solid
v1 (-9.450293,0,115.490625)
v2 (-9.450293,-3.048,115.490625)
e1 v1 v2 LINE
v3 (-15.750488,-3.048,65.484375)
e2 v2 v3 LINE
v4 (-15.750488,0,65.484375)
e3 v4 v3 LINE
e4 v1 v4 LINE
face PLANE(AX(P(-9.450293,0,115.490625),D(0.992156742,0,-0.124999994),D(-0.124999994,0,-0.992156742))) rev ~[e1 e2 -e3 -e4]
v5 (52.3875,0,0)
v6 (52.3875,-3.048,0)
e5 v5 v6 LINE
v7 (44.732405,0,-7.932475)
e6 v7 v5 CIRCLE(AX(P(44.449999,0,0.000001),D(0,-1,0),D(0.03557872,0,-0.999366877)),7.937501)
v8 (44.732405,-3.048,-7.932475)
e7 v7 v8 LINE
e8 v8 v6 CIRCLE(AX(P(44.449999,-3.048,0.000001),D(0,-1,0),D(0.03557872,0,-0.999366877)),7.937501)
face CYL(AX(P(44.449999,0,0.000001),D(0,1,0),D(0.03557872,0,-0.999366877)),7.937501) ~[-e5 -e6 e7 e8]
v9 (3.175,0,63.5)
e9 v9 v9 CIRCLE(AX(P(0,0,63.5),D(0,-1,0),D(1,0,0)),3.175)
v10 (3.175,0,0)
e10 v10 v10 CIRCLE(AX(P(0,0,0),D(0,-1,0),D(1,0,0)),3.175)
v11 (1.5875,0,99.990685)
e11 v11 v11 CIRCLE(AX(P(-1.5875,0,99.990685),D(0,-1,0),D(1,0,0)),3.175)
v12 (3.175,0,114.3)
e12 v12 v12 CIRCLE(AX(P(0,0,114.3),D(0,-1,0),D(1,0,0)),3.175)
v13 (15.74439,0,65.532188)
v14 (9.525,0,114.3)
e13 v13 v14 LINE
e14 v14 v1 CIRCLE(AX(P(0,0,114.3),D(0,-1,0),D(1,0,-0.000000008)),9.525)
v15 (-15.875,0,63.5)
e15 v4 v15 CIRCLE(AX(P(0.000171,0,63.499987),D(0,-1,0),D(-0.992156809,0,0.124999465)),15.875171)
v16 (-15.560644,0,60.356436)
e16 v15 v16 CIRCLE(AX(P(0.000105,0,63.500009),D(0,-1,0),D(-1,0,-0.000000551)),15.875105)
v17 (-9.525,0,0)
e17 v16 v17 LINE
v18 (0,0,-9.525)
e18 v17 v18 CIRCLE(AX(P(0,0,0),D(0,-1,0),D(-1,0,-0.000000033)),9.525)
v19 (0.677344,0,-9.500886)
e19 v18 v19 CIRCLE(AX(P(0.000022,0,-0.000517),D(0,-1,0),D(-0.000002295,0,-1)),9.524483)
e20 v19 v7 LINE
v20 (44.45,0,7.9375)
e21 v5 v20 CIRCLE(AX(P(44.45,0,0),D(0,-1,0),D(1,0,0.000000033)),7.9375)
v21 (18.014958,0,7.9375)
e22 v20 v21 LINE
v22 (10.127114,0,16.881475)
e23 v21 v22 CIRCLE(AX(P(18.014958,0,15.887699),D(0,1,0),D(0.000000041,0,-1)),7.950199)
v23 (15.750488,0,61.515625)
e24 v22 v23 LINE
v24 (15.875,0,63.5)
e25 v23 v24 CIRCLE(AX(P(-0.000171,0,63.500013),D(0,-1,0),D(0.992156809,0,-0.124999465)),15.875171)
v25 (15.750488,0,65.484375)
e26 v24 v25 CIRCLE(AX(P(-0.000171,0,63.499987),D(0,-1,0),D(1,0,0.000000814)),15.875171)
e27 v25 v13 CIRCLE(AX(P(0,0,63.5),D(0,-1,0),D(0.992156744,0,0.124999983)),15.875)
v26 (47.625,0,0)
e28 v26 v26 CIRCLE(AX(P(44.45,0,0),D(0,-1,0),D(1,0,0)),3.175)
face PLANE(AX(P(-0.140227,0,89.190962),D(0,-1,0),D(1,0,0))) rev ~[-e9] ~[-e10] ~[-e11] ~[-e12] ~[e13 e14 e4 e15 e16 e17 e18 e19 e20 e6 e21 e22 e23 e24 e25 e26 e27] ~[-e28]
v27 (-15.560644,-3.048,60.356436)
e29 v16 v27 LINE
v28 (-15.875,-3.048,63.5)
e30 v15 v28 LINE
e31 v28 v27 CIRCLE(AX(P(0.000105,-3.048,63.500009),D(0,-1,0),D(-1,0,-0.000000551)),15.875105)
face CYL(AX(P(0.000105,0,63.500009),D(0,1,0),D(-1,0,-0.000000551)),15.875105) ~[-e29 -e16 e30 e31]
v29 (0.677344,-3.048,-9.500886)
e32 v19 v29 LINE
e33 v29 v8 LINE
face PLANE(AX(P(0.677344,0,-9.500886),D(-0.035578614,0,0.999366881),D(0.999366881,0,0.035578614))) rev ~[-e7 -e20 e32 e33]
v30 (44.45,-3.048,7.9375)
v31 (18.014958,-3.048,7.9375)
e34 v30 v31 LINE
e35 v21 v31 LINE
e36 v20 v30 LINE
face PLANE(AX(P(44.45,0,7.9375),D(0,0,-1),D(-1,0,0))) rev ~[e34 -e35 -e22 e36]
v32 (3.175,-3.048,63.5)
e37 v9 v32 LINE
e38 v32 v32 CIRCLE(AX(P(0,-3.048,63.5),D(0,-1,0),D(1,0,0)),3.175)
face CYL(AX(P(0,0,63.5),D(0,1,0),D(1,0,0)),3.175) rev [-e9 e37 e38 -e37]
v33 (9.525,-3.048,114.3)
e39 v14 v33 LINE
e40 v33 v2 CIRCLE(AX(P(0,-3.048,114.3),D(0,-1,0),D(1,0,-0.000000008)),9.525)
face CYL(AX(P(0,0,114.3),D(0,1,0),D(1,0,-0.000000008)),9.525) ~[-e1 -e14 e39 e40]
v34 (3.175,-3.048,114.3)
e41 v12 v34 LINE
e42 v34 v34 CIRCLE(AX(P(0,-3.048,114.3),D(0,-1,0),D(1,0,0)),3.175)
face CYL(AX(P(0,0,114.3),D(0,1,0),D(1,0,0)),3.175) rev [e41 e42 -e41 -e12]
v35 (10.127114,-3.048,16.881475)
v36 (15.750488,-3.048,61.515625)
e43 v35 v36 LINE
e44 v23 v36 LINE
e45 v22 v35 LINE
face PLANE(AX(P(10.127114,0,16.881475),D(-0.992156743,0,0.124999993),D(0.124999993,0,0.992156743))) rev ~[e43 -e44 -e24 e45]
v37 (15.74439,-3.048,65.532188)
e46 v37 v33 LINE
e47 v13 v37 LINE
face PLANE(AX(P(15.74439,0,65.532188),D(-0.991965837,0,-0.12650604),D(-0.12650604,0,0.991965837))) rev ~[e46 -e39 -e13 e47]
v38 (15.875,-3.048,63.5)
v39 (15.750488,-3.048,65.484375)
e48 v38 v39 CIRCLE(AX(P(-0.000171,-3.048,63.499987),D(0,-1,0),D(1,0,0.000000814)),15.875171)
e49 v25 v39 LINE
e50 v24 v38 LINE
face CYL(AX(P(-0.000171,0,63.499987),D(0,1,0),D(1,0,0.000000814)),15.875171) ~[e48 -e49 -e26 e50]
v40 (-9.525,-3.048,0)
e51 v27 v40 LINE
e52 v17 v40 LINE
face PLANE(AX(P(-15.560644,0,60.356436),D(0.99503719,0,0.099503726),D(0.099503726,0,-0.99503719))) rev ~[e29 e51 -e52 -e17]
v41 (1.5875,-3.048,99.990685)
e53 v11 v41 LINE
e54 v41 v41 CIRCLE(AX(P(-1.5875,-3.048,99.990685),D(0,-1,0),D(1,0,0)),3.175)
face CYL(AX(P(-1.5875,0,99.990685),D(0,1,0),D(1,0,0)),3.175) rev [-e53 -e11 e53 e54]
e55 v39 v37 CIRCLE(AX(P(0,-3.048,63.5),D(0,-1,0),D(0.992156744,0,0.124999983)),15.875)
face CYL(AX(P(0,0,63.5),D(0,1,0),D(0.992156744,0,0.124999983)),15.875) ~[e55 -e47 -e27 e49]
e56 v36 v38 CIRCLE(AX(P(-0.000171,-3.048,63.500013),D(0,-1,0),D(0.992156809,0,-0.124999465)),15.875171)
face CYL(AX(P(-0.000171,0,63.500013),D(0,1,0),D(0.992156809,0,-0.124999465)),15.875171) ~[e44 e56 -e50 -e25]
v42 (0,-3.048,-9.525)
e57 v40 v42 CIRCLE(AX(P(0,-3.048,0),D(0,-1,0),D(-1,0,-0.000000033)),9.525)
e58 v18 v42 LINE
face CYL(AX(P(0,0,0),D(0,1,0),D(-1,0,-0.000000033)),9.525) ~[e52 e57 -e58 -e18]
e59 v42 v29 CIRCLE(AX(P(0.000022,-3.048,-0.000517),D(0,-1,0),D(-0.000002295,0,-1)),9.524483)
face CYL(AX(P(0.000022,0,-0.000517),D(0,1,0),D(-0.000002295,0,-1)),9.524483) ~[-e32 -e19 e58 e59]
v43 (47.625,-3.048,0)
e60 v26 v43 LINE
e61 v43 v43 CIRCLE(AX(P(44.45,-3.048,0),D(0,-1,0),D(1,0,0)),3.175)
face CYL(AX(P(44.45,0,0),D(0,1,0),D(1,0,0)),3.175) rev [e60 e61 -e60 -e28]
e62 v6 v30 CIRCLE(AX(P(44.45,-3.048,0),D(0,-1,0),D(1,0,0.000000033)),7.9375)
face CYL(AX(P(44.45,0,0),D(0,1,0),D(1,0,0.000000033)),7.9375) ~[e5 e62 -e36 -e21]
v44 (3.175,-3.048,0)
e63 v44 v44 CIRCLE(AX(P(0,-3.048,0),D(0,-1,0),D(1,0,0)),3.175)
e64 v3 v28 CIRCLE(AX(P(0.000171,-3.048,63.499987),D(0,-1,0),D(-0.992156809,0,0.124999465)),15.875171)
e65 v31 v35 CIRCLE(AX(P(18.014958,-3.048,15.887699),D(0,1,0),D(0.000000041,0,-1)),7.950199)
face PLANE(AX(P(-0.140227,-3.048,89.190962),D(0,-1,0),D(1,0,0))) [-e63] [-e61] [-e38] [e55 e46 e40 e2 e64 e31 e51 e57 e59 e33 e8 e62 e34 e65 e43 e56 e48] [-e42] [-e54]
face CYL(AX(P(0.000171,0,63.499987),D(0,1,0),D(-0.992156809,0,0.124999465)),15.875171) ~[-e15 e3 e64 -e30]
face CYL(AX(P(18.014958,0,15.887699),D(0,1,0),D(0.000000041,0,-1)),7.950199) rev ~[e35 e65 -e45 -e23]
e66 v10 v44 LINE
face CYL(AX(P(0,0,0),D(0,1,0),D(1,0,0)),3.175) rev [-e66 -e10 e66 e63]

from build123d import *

# Parameters (mm, degrees)
F0_R     = 3.175
F1_DEPTH = 3.048


with BuildPart() as f1:
    # F0 (on Front) → F1 (new body)
    with BuildSketch(Plane.XZ):
        with BuildLine():
            ThreePointArc((-15.750488, 65.484375), (0, 79.375), (15.750488, 65.484375))
            Line((15.750488, 65.484375), (9.525, 114.3))
            ThreePointArc((9.525, 114.3), (-0.596483, 104.793695), (-9.450293, 115.490625))
            Line((-9.450293, 115.490625), (-15.750488, 65.484375))
        make_face()
        with Locations((-1.5875, 99.990685)):
            Circle(F0_R, mode=Mode.SUBTRACT)
        with BuildLine():
            ThreePointArc((15.750488, 61.515625), (15.843841, 62.505861), (15.875, 63.5))
            ThreePointArc((15.875, 63.5), (15.843841, 64.494139), (15.750488, 65.484375))
            ThreePointArc((15.750488, 65.484375), (0, 79.375), (-15.750488, 65.484375))
            ThreePointArc((-15.750488, 65.484375), (-15.843841, 64.494139), (-15.875, 63.5))
            Line((-15.875, 63.5), (-15.560644, 60.356436))
            ThreePointArc((-15.560644, 60.356436), (0.587316, 47.635868), (15.750488, 61.515625))
        make_face()
        with Locations((0, 63.5)):
            Circle(F0_R, mode=Mode.SUBTRACT)
        with BuildLine():
            Line((10.127114, 16.881475), (15.750488, 61.515625))
            ThreePointArc((15.750488, 61.515625), (0.587316, 47.635868), (-15.560644, 60.356436))
            Line((-15.560644, 60.356436), (-9.525, 0))
            ThreePointArc((-9.525, 0), (0, 9.525), (9.525, 0))
            ThreePointArc((9.525, 0), (6.970557, -6.491299), (0.677344, -9.500886))
            Line((0.677344, -9.500886), (44.732405, -7.932475))
            ThreePointArc((44.732405, -7.932475), (36.513756, -0.141225), (44.45, 7.9375))
            Line((44.45, 7.9375), (18.014958, 7.9375))
            ThreePointArc((18.014958, 7.9375), (12.052308, 10.629137), (10.127114, 16.881475))
        make_face()
        with BuildLine():
            ThreePointArc((-9.450293, 115.490625), (-0.596483, 104.793695), (9.525, 114.3))
            ThreePointArc((9.525, 114.3), (0.596483, 123.806305), (-9.450293, 115.490625))
        make_face()
        with Locations((0, 114.3)):
            Circle(F0_R, mode=Mode.SUBTRACT)
        with BuildLine():
            ThreePointArc((-15.875, 63.5), (-15.796215, 61.920378), (-15.560644, 60.356436))
            Line((-15.560644, 60.356436), (-15.875, 63.5))
        make_face()
        with BuildLine():
            ThreePointArc((9.525, 0), (0, 9.525), (-9.525, 0))
            ThreePointArc((-9.525, 0), (-6.735192, -6.735192), (0, -9.525))
            Line((0, -9.525), (0.677344, -9.500886))
            ThreePointArc((0.677344, -9.500886), (6.970557, -6.491299), (9.525, 0))
        make_face()
        Circle(F0_R, mode=Mode.SUBTRACT)
        with BuildLine():
            Line((0.677344, -9.500886), (0, -9.525))
            ThreePointArc((0, -9.525), (0.338886, -9.51897), (0.677344, -9.500886))
        make_face()
        with BuildLine():
            ThreePointArc((52.3875, 0), (50.06266, 5.61266), (44.45, 7.9375))
            ThreePointArc((44.45, 7.9375), (36.513756, -0.141225), (44.732405, -7.932475))
            ThreePointArc((44.732405, -7.932475), (50.161633, -5.51191), (52.3875, 0))
        make_face()
        with Locations((44.45, 0)):
            Circle(F0_R, mode=Mode.SUBTRACT)
    extrude(amount=F1_DEPTH)


solid = f1.part
